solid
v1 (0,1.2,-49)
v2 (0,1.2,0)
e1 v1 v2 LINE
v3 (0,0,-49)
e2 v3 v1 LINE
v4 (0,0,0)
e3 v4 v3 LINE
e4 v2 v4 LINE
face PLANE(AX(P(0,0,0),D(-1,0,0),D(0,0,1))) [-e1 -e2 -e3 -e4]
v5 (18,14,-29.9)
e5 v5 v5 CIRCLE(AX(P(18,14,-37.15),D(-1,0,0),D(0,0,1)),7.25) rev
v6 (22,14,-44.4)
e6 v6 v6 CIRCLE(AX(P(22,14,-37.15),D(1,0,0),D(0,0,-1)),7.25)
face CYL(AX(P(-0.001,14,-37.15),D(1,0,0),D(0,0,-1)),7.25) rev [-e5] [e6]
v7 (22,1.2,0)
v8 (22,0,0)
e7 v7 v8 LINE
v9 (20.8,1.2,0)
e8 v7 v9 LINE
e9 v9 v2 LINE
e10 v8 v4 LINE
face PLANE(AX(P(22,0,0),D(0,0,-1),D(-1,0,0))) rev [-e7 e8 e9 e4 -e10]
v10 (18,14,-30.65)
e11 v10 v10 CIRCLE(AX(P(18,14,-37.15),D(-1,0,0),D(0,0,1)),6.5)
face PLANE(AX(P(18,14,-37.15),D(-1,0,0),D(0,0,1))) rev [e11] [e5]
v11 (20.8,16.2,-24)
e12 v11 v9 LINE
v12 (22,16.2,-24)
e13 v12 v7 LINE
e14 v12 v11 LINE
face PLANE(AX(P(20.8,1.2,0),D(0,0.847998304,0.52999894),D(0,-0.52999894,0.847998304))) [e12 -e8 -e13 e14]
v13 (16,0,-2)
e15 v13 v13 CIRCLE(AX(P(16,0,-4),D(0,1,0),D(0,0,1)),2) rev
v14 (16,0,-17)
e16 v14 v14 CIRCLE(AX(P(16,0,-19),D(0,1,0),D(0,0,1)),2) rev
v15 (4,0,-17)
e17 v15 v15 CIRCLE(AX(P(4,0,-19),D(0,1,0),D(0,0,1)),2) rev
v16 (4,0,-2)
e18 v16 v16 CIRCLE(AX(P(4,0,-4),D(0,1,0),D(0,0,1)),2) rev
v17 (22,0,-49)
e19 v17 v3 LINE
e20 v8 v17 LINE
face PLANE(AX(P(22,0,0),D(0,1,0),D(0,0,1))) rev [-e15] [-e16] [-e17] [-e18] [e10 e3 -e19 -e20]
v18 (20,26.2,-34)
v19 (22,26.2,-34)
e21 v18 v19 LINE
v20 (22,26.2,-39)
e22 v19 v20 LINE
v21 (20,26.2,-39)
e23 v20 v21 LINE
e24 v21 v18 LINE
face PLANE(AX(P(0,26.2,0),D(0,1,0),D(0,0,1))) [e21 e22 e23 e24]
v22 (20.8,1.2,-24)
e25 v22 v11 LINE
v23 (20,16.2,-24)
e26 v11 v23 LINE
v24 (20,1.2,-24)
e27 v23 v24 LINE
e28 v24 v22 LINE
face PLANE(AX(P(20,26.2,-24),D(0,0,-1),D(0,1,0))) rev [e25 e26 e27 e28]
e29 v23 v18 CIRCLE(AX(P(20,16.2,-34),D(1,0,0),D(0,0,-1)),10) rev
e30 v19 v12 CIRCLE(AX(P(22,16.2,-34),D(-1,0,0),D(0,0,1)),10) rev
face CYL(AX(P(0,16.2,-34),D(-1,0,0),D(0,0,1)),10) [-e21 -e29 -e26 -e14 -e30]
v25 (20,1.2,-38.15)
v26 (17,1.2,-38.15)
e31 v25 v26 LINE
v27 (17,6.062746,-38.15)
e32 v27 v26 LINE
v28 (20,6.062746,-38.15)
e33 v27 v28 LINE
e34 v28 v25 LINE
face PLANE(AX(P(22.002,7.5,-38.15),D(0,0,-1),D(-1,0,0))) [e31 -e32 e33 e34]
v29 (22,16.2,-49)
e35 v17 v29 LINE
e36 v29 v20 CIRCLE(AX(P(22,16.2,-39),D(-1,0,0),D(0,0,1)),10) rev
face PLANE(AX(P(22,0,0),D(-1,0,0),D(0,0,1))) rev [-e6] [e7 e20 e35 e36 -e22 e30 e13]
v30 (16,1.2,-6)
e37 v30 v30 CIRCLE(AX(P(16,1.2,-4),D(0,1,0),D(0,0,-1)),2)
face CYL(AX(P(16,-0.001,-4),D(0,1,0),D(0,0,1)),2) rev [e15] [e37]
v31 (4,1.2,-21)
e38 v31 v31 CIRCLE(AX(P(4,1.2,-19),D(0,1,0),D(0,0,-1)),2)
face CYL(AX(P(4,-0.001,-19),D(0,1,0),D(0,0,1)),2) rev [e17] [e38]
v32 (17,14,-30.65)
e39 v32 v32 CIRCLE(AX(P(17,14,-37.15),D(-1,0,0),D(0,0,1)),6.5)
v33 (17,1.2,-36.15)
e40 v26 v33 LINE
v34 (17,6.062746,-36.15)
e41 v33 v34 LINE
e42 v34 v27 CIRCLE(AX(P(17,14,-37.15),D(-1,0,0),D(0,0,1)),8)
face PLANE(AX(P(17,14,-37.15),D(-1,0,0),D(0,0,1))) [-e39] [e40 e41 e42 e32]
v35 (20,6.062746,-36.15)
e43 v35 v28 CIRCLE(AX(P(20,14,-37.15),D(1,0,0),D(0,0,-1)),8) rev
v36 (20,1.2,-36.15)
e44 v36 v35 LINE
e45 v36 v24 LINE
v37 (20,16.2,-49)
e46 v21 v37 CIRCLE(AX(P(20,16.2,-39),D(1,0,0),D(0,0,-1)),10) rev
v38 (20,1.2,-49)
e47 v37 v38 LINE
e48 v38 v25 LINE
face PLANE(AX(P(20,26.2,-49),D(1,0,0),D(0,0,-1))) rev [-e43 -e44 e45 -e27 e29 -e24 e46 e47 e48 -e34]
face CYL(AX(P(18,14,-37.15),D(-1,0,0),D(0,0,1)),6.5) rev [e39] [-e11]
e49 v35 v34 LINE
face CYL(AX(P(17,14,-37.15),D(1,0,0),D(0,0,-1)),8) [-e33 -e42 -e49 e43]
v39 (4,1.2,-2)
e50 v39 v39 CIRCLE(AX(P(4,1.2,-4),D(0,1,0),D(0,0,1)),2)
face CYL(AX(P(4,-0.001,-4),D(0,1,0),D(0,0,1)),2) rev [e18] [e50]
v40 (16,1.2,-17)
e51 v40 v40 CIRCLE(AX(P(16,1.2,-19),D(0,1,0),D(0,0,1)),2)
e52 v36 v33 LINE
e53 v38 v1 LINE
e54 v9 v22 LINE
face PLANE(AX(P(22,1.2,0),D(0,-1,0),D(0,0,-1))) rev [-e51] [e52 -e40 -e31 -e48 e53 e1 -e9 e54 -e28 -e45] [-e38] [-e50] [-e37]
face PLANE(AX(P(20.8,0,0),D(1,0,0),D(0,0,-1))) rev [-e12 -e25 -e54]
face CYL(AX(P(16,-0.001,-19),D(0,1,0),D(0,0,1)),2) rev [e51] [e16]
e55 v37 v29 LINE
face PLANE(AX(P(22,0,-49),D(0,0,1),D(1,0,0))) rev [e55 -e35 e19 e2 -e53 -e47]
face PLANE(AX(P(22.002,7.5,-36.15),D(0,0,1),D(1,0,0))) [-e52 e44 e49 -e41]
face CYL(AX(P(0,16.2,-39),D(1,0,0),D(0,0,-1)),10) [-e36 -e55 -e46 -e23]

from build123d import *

# Parameters (mm, degrees)
SKETCH_1_W          = 49
SKETCH_1_H          = 1.2
EXTRUDE_1_DEPTH     = 22
CUT_EXTRUDE_1_REACH = 55.726
SKETCH_2_R          = 2
SKETCH_3_W          = 2
SKETCH_3_H          = 25
EXTRUDE_2_DEPTH     = 25
CUT_EXTRUDE_2_REACH = 61.762
SKETCH_4_R          = 7.25
SKETCH_5_R          = 8
SKETCH_5_R_2        = 7.25
EXTRUDE_3_DEPTH     = 3
EXTRUDE_START       = -1
SKETCH_6_R          = 8
SKETCH_6_R_2        = 6.5
EXTRUDE_4_DEPTH     = 1
EXTRUDE_5_REACH     = 60.107
SKETCH_7_W          = 2
SKETCH_7_H          = 6.3
FILLET_1_R          = 10
EXTRUDE_6_DEPTH     = 1.2


with BuildPart() as part:
    # 草图1 → 凸台-拉伸1 (new body)
    with BuildSketch(Plane(origin=(0, 0, 0), x_dir=(0, 0, -1), z_dir=(1, 0, 0))):
        with Locations((24.5, 0.6)):
            Rectangle(SKETCH_1_W, SKETCH_1_H)
    extrude(amount=EXTRUDE_1_DEPTH)

    # 草图2 → 切除-拉伸1 (cut, up to next)
    with BuildSketch(Plane(origin=(0, 1.2, 0), x_dir=(1, 0, 0), z_dir=(0, 1, 0)), mode=Mode.PRIVATE) as cut_extrude_1_sk1:
        with Locations(Location((16, 19, 0), (0, 0, 270))):
            Circle(SKETCH_2_R)
    cut_extrude_1_tool1 = extrude(cut_extrude_1_sk1.sketch, amount=-CUT_EXTRUDE_1_REACH, mode=Mode.PRIVATE) & part.part
    # 草图2 → 切除-拉伸1 (cut, up to next)
    with BuildSketch(Plane(origin=(0, 1.2, 0), x_dir=(1, 0, 0), z_dir=(0, 1, 0)), mode=Mode.PRIVATE) as cut_extrude_1_sk2:
        with Locations(Location((4, 19, 0), (0, 0, 270))):
            Circle(SKETCH_2_R)
    cut_extrude_1_tool2 = extrude(cut_extrude_1_sk2.sketch, amount=-CUT_EXTRUDE_1_REACH, mode=Mode.PRIVATE) & part.part
    # 草图2 → 切除-拉伸1 (cut, up to next)
    with BuildSketch(Plane(origin=(0, 1.2, 0), x_dir=(1, 0, 0), z_dir=(0, 1, 0)), mode=Mode.PRIVATE) as cut_extrude_1_sk3:
        with Locations(Location((4, 4, 0), (0, 0, 270))):
            Circle(SKETCH_2_R)
    cut_extrude_1_tool3 = extrude(cut_extrude_1_sk3.sketch, amount=-CUT_EXTRUDE_1_REACH, mode=Mode.PRIVATE) & part.part
    # 草图2 → 切除-拉伸1 (cut, up to next)
    with BuildSketch(Plane(origin=(0, 1.2, 0), x_dir=(1, 0, 0), z_dir=(0, 1, 0)), mode=Mode.PRIVATE) as cut_extrude_1_sk4:
        with Locations(Location((16, 4, 0), (0, 0, 270))):
            Circle(SKETCH_2_R)
    cut_extrude_1_tool4 = extrude(cut_extrude_1_sk4.sketch, amount=-CUT_EXTRUDE_1_REACH, mode=Mode.PRIVATE) & part.part
    add(cut_extrude_1_tool1.solids().sort_by_distance((16, 1.2, -19))[0], mode=Mode.SUBTRACT)
    add(cut_extrude_1_tool2.solids().sort_by_distance((4, 1.2, -19))[0], mode=Mode.SUBTRACT)
    add(cut_extrude_1_tool3.solids().sort_by_distance((4, 1.2, -4))[0], mode=Mode.SUBTRACT)
    add(cut_extrude_1_tool4.solids().sort_by_distance((16, 1.2, -4))[0], mode=Mode.SUBTRACT)

    # 草图3 → 凸台-拉伸2 (add)
    with BuildSketch(Plane(origin=(0, 1.2, 0), x_dir=(1, 0, 0), z_dir=(0, 1, 0))):
        with Locations((21, 36.5)):
            Rectangle(SKETCH_3_W, SKETCH_3_H)
    extrude(amount=EXTRUDE_2_DEPTH)

    # 草图4 → 切除-拉伸2 (cut, up to next)
    with BuildSketch(Plane(origin=(22, 0, 0), x_dir=(0, 0, -1), z_dir=(1, 0, 0)), mode=Mode.PRIVATE) as cut_extrude_2_sk1:
        with Locations((37.15, 14)):
            Circle(SKETCH_4_R)
    cut_extrude_2_tool1 = extrude(cut_extrude_2_sk1.sketch, amount=-CUT_EXTRUDE_2_REACH, mode=Mode.PRIVATE) & part.part
    add(cut_extrude_2_tool1.solids().sort_by_distance((22, 14, -37.15))[0], mode=Mode.SUBTRACT)

    # 草图5 → 凸台-拉伸3 (add)
    with BuildSketch(Plane.ZY.offset(-20)):
        with Locations(Location((-37.15, 14, 0), (0, 0, 180))):
            Circle(SKETCH_5_R)
        with Locations(Location((-37.15, 14, 0), (0, 0, 180))):
            Circle(SKETCH_5_R_2, mode=Mode.SUBTRACT)
    extrude(amount=EXTRUDE_3_DEPTH)

    # 草图6 → 凸台-拉伸4 (add)
    with BuildSketch(Plane.ZY.offset(-17).offset(EXTRUDE_START)):
        with Locations(Location((-37.15, 14, 0), (0, 0, 180))):
            Circle(SKETCH_6_R)
        with Locations((-37.15, 14)):
            Circle(SKETCH_6_R_2, mode=Mode.SUBTRACT)
    extrude(amount=EXTRUDE_4_DEPTH)

    # 草图7 → 凸台-拉伸5 (add, up to next)
    with BuildSketch(Plane.ZY.offset(-17), mode=Mode.PRIVATE) as extrude_5_sk1:
        with Locations((-37.15, 4.35)):
            Rectangle(SKETCH_7_W, SKETCH_7_H)
    extrude_5_tool1 = extrude(extrude_5_sk1.sketch, amount=-EXTRUDE_5_REACH, mode=Mode.PRIVATE) - part.part
    add(extrude_5_tool1.solids().sort_by_distance((17, 4.35, -37.15))[0])

    # 圆角1
    fillet_1_edges = [part.edges().sort_by_distance(p)[0] for p in [
        (21, 26.2, -24),
        (21, 26.2, -49),
    ]]
    fillet(fillet_1_edges, radius=FILLET_1_R)

    # 草图8 → 凸台-拉伸6 (add)
    with BuildSketch(Plane(origin=(22, 0, 0), x_dir=(0, 0, -1), z_dir=(1, 0, 0))):
        Polygon((0, 1.2), (24, 16.2), (24, 1.2), align=None)
    extrude(amount=-EXTRUDE_6_DEPTH)


solid = part.part
